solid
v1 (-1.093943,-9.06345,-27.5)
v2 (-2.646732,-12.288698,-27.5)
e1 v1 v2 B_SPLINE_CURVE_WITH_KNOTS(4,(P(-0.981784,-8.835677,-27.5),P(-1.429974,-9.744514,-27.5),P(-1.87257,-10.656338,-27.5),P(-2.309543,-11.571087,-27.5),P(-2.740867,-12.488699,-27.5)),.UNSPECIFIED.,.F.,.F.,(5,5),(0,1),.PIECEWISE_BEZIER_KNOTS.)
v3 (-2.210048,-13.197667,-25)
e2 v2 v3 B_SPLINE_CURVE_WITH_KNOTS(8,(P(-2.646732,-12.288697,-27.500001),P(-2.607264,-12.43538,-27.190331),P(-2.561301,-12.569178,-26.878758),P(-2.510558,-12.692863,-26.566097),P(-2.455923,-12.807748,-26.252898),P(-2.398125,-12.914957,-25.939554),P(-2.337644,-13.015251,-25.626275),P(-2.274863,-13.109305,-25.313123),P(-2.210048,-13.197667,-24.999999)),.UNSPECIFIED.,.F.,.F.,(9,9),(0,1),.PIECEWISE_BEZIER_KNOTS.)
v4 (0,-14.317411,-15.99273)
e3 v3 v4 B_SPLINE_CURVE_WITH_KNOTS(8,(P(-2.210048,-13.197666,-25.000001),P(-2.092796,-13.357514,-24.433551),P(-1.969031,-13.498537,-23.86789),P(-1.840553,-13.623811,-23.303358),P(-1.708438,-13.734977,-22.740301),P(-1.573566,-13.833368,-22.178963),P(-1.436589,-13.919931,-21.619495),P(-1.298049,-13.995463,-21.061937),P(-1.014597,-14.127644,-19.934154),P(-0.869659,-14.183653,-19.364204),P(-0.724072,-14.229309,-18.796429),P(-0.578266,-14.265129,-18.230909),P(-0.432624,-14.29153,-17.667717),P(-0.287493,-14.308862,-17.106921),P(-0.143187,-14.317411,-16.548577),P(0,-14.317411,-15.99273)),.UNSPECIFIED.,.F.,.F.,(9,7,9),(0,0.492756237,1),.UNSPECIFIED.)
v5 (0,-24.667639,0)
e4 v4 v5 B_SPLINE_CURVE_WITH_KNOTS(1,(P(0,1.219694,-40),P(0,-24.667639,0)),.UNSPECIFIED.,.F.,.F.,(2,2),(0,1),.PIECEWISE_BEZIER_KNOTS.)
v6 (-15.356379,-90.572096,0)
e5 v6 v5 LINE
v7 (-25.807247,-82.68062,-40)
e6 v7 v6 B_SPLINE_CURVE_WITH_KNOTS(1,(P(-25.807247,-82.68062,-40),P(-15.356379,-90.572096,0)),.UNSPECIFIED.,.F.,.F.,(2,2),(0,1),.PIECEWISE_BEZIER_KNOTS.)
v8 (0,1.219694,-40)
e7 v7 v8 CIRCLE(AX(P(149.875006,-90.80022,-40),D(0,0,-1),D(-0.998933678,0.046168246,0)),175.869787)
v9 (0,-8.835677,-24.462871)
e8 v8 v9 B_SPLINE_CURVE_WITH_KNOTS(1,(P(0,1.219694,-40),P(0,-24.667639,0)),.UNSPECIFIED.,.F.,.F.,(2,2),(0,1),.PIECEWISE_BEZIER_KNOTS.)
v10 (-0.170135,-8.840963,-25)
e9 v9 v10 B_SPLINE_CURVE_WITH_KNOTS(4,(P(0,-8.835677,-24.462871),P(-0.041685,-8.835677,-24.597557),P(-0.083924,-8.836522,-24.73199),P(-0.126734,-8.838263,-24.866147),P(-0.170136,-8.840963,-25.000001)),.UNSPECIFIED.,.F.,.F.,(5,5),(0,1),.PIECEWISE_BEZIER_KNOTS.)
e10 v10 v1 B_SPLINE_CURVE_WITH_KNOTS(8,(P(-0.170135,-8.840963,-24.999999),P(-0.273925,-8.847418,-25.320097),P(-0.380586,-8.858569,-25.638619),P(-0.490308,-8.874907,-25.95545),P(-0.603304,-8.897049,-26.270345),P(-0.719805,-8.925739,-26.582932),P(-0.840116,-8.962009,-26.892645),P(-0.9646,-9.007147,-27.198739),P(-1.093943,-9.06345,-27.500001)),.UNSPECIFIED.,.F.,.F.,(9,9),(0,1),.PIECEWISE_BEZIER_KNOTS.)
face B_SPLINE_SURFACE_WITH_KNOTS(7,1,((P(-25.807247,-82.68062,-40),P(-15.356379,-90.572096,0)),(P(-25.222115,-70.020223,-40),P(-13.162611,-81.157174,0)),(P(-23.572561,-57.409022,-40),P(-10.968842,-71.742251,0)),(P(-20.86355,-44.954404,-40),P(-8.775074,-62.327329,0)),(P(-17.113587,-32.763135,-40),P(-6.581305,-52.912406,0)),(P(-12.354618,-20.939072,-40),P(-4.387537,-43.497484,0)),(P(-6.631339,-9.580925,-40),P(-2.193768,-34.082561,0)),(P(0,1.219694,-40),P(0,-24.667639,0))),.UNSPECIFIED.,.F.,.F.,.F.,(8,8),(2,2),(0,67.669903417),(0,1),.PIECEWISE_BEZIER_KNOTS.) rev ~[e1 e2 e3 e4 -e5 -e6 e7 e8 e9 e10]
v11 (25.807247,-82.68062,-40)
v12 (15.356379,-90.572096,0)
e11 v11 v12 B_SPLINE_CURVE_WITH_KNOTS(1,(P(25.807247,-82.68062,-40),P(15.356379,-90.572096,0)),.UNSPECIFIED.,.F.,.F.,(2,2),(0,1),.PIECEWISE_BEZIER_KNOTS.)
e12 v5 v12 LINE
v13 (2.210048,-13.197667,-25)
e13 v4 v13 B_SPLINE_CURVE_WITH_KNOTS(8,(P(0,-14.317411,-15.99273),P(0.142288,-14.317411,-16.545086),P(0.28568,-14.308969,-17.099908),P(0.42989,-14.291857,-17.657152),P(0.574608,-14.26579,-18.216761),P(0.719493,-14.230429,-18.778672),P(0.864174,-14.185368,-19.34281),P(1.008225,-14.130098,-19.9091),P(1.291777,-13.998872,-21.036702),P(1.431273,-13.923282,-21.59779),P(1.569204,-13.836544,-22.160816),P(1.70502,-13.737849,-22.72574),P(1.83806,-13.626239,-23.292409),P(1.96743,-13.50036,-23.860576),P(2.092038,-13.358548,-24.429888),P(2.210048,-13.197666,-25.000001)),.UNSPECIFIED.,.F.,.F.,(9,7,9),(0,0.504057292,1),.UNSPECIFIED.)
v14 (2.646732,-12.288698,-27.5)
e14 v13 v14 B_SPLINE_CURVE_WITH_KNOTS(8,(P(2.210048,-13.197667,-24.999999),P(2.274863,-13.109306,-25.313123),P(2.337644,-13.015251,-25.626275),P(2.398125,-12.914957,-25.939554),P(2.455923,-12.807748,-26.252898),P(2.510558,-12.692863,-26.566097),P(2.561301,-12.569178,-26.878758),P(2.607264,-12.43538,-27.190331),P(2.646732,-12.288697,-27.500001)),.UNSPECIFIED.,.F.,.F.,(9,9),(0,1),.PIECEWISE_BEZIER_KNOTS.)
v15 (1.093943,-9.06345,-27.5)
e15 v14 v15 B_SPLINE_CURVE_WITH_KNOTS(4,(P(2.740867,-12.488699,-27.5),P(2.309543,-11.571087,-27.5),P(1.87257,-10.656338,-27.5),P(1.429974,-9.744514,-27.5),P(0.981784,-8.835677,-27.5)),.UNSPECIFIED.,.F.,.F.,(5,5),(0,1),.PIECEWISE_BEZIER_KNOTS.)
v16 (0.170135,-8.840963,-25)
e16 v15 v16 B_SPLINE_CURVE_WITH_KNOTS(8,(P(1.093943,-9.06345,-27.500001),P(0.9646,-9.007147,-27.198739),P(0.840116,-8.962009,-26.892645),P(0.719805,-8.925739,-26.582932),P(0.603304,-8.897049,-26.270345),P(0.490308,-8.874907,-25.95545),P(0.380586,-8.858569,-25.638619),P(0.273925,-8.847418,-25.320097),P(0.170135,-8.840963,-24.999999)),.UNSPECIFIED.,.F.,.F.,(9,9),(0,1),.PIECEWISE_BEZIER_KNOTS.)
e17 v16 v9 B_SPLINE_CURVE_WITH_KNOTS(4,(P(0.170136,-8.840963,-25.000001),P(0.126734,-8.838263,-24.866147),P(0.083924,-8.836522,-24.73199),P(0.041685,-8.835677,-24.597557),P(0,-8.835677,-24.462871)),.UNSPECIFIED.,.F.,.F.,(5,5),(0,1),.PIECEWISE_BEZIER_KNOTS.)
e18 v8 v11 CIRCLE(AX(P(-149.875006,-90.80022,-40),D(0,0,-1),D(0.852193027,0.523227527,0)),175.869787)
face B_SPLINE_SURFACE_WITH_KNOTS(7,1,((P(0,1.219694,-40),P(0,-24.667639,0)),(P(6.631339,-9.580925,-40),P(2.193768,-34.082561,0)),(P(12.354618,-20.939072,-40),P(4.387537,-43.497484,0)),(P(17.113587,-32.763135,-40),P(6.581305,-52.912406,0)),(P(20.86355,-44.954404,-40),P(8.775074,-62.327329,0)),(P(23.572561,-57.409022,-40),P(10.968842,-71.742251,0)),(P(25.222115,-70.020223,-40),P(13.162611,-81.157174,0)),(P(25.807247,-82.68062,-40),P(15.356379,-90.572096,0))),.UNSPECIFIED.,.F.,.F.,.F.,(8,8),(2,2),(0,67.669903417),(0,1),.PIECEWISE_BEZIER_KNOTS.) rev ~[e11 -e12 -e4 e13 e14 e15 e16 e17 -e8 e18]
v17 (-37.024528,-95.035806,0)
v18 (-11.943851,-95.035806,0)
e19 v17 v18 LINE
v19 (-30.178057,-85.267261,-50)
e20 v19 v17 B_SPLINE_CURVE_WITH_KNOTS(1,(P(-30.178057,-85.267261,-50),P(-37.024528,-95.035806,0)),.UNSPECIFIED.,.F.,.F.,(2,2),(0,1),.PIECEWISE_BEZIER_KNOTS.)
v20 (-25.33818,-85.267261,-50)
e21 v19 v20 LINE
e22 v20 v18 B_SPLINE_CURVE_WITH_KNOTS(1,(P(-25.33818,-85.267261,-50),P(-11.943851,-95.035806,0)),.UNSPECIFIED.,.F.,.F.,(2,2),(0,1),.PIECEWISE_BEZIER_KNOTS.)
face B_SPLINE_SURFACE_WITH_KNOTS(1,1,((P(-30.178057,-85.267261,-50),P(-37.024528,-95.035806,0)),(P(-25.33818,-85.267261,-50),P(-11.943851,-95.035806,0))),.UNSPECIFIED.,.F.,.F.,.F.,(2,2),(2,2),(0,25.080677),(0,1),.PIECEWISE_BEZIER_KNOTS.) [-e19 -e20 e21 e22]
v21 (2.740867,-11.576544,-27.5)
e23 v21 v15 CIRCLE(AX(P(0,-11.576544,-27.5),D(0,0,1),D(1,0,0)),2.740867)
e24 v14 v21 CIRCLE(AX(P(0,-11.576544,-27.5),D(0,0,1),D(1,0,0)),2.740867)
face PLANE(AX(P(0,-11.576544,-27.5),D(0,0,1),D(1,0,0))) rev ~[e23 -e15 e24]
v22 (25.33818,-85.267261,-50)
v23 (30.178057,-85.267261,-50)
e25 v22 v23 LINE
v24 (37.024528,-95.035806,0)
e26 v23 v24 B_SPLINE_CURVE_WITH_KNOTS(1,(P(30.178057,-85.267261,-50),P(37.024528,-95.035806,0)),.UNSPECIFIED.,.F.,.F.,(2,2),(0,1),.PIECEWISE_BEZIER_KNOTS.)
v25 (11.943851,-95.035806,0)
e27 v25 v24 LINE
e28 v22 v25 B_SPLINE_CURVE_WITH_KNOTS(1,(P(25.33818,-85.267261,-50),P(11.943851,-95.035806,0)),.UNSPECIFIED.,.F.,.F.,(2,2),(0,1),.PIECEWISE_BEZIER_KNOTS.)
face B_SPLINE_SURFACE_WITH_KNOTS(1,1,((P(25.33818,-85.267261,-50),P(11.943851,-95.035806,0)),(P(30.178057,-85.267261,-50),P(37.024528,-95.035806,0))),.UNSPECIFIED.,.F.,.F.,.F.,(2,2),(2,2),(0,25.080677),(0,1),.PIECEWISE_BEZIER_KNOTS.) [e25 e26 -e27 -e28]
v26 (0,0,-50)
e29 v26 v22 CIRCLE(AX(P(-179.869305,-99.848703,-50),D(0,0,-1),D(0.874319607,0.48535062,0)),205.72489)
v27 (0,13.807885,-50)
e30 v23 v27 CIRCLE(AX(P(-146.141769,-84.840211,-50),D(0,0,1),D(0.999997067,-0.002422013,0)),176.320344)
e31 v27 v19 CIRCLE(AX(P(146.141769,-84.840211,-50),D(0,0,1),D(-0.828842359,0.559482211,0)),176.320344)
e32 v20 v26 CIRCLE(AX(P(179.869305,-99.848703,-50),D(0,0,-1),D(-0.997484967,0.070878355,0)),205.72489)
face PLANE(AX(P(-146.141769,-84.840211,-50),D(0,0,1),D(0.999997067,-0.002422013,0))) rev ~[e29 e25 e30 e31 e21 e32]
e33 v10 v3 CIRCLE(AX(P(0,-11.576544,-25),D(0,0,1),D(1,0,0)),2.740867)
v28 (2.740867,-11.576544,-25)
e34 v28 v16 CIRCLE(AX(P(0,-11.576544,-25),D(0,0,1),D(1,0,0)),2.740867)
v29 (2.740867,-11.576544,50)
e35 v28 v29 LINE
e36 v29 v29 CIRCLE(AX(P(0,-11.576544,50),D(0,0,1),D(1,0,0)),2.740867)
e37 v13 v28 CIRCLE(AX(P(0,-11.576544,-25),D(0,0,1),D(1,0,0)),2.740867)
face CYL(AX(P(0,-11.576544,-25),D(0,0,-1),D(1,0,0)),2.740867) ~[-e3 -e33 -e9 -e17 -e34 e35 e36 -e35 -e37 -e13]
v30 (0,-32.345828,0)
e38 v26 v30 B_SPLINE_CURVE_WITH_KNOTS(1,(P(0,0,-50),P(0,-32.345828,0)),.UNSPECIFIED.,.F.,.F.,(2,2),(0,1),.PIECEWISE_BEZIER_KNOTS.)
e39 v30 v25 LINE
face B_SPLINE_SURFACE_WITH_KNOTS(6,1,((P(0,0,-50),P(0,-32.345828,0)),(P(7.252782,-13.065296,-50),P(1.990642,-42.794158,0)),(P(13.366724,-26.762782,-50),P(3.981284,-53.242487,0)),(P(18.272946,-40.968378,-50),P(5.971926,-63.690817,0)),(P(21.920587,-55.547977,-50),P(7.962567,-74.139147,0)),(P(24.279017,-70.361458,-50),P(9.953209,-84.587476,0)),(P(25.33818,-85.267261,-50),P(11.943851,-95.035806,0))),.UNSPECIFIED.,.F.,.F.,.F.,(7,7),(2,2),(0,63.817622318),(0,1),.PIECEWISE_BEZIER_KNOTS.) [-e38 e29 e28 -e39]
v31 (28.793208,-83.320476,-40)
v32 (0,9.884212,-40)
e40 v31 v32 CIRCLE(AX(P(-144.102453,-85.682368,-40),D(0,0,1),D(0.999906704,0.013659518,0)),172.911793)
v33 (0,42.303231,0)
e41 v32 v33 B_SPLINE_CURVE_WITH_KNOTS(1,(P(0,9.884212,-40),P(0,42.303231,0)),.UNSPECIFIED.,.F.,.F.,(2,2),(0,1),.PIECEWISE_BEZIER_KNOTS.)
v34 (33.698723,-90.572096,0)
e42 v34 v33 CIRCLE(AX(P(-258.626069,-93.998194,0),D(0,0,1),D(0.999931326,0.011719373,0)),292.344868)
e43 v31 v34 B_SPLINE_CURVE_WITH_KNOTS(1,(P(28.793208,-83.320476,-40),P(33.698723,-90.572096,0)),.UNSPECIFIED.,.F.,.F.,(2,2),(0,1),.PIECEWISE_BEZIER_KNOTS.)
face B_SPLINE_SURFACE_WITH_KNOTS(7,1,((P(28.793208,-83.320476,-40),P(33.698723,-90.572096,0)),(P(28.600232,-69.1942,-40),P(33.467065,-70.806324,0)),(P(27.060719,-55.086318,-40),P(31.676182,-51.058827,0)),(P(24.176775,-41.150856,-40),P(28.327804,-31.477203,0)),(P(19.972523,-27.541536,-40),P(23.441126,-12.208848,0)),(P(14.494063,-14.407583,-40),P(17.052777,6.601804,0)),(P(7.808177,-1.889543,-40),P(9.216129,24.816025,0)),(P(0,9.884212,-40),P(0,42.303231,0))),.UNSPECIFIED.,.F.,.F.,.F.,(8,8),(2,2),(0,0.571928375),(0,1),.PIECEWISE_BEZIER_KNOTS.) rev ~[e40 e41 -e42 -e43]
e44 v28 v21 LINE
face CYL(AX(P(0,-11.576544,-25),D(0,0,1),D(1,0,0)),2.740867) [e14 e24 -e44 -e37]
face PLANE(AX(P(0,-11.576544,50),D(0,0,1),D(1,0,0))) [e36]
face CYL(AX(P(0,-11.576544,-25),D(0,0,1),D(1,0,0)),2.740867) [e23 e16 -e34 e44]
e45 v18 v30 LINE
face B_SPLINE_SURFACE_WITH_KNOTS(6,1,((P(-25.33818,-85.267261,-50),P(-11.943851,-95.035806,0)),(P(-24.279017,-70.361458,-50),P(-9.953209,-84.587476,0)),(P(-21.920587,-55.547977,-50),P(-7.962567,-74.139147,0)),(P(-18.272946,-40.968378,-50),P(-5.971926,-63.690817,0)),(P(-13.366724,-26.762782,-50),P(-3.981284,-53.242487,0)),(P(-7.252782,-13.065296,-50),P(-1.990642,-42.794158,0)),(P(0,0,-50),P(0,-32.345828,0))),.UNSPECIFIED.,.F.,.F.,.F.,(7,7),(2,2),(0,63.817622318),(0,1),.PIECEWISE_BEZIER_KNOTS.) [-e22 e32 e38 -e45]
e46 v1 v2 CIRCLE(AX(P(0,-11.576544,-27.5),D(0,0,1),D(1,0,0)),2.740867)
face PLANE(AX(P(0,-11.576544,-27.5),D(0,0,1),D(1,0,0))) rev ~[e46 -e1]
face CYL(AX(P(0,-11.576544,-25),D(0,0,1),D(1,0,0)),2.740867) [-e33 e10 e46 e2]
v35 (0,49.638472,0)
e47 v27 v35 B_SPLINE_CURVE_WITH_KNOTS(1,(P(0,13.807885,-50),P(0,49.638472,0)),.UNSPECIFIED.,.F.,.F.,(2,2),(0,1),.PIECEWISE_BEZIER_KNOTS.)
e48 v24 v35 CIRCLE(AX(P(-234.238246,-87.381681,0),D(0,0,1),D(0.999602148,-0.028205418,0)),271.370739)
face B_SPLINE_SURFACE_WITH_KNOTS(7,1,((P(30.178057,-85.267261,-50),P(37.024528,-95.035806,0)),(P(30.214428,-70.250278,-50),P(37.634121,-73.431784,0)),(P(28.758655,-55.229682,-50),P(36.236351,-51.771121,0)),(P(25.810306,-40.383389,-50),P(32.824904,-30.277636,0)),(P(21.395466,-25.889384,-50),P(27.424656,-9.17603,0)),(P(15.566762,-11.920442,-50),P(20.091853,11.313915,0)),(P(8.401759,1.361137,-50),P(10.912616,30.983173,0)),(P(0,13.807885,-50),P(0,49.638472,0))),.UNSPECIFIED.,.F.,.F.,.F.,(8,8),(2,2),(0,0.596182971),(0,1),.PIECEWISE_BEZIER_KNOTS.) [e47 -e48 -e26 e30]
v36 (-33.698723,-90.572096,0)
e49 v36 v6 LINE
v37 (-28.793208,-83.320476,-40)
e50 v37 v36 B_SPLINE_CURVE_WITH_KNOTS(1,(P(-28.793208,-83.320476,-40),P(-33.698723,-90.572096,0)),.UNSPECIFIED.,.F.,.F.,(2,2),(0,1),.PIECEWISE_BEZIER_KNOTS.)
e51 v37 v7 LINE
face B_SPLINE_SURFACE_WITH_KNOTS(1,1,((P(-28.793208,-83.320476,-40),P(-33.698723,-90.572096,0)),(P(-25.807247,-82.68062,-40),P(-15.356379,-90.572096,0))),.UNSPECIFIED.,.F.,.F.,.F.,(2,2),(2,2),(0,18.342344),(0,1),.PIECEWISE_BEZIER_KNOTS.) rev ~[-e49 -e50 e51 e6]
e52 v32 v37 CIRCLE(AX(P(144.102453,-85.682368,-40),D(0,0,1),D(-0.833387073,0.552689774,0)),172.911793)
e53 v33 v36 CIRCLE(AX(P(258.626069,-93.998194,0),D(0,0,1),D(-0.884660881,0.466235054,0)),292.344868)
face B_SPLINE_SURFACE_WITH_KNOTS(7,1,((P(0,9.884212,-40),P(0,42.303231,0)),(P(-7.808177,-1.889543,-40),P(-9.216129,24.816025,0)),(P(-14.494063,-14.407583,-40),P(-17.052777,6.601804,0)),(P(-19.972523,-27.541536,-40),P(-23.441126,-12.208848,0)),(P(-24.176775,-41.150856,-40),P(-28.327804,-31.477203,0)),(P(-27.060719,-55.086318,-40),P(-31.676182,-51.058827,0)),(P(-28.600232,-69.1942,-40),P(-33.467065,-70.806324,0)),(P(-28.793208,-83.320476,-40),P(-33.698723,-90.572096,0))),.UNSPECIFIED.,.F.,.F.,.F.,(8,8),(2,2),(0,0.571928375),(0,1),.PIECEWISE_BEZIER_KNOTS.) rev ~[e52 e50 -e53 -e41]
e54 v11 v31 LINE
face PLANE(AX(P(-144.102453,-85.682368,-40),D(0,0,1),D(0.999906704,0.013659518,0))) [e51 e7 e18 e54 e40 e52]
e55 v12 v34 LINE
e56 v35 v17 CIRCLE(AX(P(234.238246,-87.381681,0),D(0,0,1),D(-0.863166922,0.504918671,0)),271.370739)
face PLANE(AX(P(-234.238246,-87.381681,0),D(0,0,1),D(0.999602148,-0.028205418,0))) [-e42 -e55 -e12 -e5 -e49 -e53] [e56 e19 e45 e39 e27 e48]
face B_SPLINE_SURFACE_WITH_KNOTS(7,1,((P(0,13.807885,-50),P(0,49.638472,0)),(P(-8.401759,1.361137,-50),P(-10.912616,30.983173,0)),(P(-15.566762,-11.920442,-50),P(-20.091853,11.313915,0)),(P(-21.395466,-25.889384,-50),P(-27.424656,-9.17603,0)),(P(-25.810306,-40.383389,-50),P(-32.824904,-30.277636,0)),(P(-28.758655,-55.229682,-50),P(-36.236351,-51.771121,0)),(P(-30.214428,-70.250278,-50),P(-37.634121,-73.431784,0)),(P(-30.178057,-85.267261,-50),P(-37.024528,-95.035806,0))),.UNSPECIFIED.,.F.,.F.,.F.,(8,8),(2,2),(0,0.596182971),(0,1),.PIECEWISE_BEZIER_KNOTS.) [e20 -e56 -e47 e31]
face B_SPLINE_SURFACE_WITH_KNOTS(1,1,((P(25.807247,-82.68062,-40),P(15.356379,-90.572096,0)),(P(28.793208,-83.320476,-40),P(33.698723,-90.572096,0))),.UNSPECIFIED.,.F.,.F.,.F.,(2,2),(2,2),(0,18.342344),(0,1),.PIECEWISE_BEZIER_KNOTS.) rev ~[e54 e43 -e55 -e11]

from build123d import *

# Parameters (mm, degrees)
F9_R      = 2.740867
F10_DEPTH = 75
F11_DEPTH = 2.5


with BuildPart() as f3:
    # F2 (on offset) → F3 section 0
    with BuildSketch(Plane.XY.offset(-50)):
        with BuildLine():
            ThreePointArc((30.178057, -85.267261), (22.527556, -33.46393), (0, 13.807885))
            ThreePointArc((0, 13.807885), (-22.527556, -33.46393), (-30.178057, -85.267261))
            Line((-30.178057, -85.267261), (-25.33818, -85.267261))
            ThreePointArc((-25.33818, -85.267261), (-17.332774, -41.247761), (0, 0))
            ThreePointArc((0, 0), (17.332774, -41.247761), (25.33818, -85.267261))
            Line((25.33818, -85.267261), (30.178057, -85.267261))
        make_face()
    # F0 (on Top) → F3 section 1
    with BuildSketch(Plane.XY):
        with BuildLine():
            Line((11.943851, -95.035806), (37.024528, -95.035806))
            ThreePointArc((37.024528, -95.035806), (28.659989, -20.101697), (0, 49.638472))
            ThreePointArc((0, 49.638472), (-28.659989, -20.101697), (-37.024528, -95.035806))
            Line((-37.024528, -95.035806), (-11.943851, -95.035806))
            Line((-11.943851, -95.035806), (0, -32.345828))
            Line((0, -32.345828), (11.943851, -95.035806))
        make_face()
    loft()

    # F6 (on offset) → F7 section 0
    with BuildSketch(Plane.XY.offset(-40)):
        with BuildLine():
            ThreePointArc((28.793208, -83.320476), (21.105687, -34.645532), (0, 9.884212))
            ThreePointArc((0, 9.884212), (-21.105687, -34.645532), (-28.793208, -83.320476))
            Line((-28.793208, -83.320476), (-25.807247, -82.68062))
            ThreePointArc((-25.807247, -82.68062), (-18.222281, -39.094475), (0, 1.219694))
            ThreePointArc((0, 1.219694), (18.222281, -39.094475), (25.807247, -82.68062))
            Line((25.807247, -82.68062), (28.793208, -83.320476))
        make_face()
    # F4 (on Top) → F7 section 1
    with BuildSketch(Plane.XY):
        with BuildLine():
            Line((15.356379, -90.572096), (33.698723, -90.572096))
            ThreePointArc((33.698723, -90.572096), (24.74767, -22.13133), (0, 42.303231))
            ThreePointArc((0, 42.303231), (-24.74767, -22.13133), (-33.698723, -90.572096))
            Line((-33.698723, -90.572096), (-15.356379, -90.572096))
            Line((-15.356379, -90.572096), (0, -24.667639))
            Line((0, -24.667639), (15.356379, -90.572096))
        make_face()
    loft(mode=Mode.SUBTRACT)

    # F9 (on offset) → F10 (join)
    with BuildSketch(Plane.XY.offset(-25)):
        with Locations((0, -11.576544)):
            Circle(F9_R)
    extrude(amount=F10_DEPTH)

    # F9 (on offset) → F11 (join)
    with BuildSketch(Plane.XY.offset(-25)):
        with Locations((0, -11.576544)):
            Circle(F9_R)
    extrude(amount=-F11_DEPTH)


solid = f3.part
